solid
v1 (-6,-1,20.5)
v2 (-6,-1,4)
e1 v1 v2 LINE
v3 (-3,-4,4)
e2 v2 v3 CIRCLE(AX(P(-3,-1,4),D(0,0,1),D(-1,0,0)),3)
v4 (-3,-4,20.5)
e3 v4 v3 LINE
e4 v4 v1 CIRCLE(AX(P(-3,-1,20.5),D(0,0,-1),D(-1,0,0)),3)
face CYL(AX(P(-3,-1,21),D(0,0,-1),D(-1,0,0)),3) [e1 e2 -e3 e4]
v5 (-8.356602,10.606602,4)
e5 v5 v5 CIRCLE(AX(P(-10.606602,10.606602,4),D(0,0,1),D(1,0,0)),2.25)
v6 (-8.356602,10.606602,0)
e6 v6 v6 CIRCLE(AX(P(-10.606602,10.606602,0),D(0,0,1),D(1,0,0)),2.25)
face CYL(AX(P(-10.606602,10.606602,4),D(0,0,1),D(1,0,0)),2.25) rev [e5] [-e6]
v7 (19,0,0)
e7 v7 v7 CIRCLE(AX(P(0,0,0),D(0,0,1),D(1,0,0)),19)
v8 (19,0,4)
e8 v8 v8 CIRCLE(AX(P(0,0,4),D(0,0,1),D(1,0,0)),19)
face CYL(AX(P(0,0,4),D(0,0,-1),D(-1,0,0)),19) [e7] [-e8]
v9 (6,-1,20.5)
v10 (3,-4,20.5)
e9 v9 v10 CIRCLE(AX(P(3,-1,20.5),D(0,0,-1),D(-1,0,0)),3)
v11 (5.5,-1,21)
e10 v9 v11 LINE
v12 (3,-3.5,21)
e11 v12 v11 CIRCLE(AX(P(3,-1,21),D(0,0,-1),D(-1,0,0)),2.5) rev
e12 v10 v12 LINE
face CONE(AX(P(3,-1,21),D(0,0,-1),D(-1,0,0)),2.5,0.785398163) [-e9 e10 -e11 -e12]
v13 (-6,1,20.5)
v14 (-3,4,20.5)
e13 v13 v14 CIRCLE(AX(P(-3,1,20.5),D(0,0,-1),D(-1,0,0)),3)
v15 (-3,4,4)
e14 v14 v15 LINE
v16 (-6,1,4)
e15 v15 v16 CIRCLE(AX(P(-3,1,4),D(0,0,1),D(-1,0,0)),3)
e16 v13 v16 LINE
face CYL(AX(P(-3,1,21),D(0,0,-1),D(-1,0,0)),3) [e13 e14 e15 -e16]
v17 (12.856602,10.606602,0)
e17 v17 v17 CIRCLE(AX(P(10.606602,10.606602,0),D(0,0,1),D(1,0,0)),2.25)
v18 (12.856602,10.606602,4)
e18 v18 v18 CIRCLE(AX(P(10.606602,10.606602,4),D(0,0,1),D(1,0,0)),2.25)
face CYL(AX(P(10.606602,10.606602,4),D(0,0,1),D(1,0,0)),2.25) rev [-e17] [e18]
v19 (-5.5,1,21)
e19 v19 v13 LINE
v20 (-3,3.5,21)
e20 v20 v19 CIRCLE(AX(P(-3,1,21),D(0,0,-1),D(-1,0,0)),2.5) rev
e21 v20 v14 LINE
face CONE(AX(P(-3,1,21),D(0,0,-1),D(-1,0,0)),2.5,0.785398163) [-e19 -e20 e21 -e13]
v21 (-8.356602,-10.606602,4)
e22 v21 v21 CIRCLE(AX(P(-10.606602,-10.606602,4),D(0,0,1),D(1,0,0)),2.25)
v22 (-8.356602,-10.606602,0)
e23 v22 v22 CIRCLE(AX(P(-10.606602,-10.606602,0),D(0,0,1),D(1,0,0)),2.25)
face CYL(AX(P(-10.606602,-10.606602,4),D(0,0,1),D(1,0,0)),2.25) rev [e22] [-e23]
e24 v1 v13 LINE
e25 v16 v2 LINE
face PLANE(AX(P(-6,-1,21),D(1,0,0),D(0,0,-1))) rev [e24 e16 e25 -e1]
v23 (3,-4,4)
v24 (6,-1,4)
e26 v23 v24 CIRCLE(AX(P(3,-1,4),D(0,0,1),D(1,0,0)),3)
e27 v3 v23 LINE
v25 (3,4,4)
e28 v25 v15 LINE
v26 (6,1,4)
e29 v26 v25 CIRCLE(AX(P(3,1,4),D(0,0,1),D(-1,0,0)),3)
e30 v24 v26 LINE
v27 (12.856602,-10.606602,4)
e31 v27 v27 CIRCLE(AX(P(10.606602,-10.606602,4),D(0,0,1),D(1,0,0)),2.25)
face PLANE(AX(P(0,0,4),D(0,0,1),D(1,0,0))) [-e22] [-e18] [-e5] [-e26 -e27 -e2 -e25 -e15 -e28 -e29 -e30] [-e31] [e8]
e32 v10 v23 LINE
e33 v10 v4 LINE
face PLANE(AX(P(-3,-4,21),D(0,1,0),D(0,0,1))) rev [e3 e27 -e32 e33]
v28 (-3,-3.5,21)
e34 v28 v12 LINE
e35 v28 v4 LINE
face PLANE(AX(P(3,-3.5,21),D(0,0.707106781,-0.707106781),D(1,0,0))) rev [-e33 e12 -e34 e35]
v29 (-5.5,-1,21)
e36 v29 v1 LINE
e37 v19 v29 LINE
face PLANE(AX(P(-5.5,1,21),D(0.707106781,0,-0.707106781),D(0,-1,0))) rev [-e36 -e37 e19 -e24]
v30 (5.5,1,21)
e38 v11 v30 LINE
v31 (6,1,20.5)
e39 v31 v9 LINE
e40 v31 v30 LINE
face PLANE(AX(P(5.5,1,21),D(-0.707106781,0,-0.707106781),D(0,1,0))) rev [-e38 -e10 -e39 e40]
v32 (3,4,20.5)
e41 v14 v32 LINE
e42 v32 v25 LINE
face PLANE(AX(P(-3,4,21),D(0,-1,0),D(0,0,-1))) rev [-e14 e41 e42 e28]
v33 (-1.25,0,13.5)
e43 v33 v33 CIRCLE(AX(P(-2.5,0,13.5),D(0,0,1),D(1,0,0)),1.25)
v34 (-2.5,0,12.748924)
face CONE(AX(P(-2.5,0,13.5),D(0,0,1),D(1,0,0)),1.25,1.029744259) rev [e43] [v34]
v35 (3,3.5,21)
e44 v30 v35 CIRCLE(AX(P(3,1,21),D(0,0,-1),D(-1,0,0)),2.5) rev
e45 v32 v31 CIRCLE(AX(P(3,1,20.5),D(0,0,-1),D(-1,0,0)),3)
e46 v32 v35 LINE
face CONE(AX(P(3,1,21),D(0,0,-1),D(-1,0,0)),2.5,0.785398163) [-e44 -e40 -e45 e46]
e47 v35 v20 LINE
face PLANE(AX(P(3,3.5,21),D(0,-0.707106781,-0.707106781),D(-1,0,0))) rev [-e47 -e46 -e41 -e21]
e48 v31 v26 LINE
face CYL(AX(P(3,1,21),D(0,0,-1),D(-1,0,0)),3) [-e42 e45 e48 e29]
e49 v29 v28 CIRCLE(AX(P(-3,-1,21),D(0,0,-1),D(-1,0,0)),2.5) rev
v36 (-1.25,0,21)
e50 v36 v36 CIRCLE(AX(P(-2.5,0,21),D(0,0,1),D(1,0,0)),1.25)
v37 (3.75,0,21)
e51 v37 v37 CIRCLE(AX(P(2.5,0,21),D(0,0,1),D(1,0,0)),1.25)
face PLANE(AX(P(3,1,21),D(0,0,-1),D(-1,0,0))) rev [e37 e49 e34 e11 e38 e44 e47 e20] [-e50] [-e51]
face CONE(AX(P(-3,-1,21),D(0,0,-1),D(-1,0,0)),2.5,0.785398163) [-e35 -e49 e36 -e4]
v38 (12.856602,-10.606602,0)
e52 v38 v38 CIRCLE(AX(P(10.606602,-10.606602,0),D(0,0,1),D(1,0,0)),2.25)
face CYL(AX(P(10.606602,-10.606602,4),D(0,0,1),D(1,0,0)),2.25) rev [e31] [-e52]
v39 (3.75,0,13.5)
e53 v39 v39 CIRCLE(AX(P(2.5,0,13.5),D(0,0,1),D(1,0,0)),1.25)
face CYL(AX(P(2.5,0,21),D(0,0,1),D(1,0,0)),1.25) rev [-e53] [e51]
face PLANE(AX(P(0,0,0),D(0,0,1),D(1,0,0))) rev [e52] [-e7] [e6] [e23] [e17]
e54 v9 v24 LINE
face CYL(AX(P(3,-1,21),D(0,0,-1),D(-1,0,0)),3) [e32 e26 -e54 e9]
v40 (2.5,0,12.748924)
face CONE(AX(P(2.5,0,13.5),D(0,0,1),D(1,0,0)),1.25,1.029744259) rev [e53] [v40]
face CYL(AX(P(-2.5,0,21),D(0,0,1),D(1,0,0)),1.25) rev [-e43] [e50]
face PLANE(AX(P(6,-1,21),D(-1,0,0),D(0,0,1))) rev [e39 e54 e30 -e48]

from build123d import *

# Parameters (mm, degrees)
SKETCH1_R                 = 19
BOSS_EXTRUDE1_DEPTH       = 4
M4_CLEARANCE_HOLE1_D      = 4.5
BOSS_EXTRUDE2_DEPTH       = 17
CHAMFER1_SIZE             = 0.5
M3X0_5_TAPPED_HOLE1_D     = 2.5
M3X0_5_TAPPED_HOLE1_DEPTH = 7.5
M3X0_5_TAPPED_HOLE1_TIP   = 0.751075774


with BuildPart() as part:
    # Sketch1 → Boss-Extrude1 (new body)
    with BuildSketch(Plane.XY):
        Circle(SKETCH1_R)
    extrude(amount=BOSS_EXTRUDE1_DEPTH)

    # M4 Clearance Hole1 (through all)
    with Locations(Plane.XY.offset(4)):
        with Locations((10.606601718, 10.606601718), (-10.606601718, -10.606601718), (-10.606601718, 10.606601718), (10.606601718, -10.606601718)):
            Hole(M4_CLEARANCE_HOLE1_D / 2)

    # Sketch4 → Boss-Extrude2 (add)
    with BuildSketch(Plane.XY.offset(4)):
        with BuildLine():
            Line((-3, -4), (3, -4))
            ThreePointArc((3, -4), (5.121320344, -3.121320344), (6, -1))
            Line((6, -1), (6, 1))
            ThreePointArc((6, 1), (5.121320344, 3.121320344), (3, 4))
            Line((3, 4), (-3, 4))
            ThreePointArc((-3, 4), (-5.121320344, 3.121320344), (-6, 1))
            Line((-6, 1), (-6, -1))
            ThreePointArc((-6, -1), (-5.121320344, -3.121320344), (-3, -4))
        make_face()
    extrude(amount=BOSS_EXTRUDE2_DEPTH)

    # Chamfer1
    chamfer1_edges = [part.edges().sort_by_distance(p)[0] for p in [
        (5.121320344, 3.121320344, 21),
        (0, 4, 21),
        (-5.121320344, 3.121320344, 21),
        (-6, 0, 21),
        (-5.121320344, -3.121320344, 21),
        (0, -4, 21),
        (5.121320344, -3.121320344, 21),
        (6, 0, 21),
    ]]
    chamfer(chamfer1_edges, length=CHAMFER1_SIZE)

    # M3x0.5 Tapped Hole1
    with Locations(Plane.XY.offset(21)):
        with Locations((-2.5, 0), (2.5, 0)):
            Hole(M3X0_5_TAPPED_HOLE1_D / 2, depth=M3X0_5_TAPPED_HOLE1_DEPTH)
            with Locations((0, 0, -(M3X0_5_TAPPED_HOLE1_DEPTH + M3X0_5_TAPPED_HOLE1_TIP / 2))):  # 118° drill point
                Cone(0, M3X0_5_TAPPED_HOLE1_D / 2, M3X0_5_TAPPED_HOLE1_TIP, mode=Mode.SUBTRACT)


solid = part.part
